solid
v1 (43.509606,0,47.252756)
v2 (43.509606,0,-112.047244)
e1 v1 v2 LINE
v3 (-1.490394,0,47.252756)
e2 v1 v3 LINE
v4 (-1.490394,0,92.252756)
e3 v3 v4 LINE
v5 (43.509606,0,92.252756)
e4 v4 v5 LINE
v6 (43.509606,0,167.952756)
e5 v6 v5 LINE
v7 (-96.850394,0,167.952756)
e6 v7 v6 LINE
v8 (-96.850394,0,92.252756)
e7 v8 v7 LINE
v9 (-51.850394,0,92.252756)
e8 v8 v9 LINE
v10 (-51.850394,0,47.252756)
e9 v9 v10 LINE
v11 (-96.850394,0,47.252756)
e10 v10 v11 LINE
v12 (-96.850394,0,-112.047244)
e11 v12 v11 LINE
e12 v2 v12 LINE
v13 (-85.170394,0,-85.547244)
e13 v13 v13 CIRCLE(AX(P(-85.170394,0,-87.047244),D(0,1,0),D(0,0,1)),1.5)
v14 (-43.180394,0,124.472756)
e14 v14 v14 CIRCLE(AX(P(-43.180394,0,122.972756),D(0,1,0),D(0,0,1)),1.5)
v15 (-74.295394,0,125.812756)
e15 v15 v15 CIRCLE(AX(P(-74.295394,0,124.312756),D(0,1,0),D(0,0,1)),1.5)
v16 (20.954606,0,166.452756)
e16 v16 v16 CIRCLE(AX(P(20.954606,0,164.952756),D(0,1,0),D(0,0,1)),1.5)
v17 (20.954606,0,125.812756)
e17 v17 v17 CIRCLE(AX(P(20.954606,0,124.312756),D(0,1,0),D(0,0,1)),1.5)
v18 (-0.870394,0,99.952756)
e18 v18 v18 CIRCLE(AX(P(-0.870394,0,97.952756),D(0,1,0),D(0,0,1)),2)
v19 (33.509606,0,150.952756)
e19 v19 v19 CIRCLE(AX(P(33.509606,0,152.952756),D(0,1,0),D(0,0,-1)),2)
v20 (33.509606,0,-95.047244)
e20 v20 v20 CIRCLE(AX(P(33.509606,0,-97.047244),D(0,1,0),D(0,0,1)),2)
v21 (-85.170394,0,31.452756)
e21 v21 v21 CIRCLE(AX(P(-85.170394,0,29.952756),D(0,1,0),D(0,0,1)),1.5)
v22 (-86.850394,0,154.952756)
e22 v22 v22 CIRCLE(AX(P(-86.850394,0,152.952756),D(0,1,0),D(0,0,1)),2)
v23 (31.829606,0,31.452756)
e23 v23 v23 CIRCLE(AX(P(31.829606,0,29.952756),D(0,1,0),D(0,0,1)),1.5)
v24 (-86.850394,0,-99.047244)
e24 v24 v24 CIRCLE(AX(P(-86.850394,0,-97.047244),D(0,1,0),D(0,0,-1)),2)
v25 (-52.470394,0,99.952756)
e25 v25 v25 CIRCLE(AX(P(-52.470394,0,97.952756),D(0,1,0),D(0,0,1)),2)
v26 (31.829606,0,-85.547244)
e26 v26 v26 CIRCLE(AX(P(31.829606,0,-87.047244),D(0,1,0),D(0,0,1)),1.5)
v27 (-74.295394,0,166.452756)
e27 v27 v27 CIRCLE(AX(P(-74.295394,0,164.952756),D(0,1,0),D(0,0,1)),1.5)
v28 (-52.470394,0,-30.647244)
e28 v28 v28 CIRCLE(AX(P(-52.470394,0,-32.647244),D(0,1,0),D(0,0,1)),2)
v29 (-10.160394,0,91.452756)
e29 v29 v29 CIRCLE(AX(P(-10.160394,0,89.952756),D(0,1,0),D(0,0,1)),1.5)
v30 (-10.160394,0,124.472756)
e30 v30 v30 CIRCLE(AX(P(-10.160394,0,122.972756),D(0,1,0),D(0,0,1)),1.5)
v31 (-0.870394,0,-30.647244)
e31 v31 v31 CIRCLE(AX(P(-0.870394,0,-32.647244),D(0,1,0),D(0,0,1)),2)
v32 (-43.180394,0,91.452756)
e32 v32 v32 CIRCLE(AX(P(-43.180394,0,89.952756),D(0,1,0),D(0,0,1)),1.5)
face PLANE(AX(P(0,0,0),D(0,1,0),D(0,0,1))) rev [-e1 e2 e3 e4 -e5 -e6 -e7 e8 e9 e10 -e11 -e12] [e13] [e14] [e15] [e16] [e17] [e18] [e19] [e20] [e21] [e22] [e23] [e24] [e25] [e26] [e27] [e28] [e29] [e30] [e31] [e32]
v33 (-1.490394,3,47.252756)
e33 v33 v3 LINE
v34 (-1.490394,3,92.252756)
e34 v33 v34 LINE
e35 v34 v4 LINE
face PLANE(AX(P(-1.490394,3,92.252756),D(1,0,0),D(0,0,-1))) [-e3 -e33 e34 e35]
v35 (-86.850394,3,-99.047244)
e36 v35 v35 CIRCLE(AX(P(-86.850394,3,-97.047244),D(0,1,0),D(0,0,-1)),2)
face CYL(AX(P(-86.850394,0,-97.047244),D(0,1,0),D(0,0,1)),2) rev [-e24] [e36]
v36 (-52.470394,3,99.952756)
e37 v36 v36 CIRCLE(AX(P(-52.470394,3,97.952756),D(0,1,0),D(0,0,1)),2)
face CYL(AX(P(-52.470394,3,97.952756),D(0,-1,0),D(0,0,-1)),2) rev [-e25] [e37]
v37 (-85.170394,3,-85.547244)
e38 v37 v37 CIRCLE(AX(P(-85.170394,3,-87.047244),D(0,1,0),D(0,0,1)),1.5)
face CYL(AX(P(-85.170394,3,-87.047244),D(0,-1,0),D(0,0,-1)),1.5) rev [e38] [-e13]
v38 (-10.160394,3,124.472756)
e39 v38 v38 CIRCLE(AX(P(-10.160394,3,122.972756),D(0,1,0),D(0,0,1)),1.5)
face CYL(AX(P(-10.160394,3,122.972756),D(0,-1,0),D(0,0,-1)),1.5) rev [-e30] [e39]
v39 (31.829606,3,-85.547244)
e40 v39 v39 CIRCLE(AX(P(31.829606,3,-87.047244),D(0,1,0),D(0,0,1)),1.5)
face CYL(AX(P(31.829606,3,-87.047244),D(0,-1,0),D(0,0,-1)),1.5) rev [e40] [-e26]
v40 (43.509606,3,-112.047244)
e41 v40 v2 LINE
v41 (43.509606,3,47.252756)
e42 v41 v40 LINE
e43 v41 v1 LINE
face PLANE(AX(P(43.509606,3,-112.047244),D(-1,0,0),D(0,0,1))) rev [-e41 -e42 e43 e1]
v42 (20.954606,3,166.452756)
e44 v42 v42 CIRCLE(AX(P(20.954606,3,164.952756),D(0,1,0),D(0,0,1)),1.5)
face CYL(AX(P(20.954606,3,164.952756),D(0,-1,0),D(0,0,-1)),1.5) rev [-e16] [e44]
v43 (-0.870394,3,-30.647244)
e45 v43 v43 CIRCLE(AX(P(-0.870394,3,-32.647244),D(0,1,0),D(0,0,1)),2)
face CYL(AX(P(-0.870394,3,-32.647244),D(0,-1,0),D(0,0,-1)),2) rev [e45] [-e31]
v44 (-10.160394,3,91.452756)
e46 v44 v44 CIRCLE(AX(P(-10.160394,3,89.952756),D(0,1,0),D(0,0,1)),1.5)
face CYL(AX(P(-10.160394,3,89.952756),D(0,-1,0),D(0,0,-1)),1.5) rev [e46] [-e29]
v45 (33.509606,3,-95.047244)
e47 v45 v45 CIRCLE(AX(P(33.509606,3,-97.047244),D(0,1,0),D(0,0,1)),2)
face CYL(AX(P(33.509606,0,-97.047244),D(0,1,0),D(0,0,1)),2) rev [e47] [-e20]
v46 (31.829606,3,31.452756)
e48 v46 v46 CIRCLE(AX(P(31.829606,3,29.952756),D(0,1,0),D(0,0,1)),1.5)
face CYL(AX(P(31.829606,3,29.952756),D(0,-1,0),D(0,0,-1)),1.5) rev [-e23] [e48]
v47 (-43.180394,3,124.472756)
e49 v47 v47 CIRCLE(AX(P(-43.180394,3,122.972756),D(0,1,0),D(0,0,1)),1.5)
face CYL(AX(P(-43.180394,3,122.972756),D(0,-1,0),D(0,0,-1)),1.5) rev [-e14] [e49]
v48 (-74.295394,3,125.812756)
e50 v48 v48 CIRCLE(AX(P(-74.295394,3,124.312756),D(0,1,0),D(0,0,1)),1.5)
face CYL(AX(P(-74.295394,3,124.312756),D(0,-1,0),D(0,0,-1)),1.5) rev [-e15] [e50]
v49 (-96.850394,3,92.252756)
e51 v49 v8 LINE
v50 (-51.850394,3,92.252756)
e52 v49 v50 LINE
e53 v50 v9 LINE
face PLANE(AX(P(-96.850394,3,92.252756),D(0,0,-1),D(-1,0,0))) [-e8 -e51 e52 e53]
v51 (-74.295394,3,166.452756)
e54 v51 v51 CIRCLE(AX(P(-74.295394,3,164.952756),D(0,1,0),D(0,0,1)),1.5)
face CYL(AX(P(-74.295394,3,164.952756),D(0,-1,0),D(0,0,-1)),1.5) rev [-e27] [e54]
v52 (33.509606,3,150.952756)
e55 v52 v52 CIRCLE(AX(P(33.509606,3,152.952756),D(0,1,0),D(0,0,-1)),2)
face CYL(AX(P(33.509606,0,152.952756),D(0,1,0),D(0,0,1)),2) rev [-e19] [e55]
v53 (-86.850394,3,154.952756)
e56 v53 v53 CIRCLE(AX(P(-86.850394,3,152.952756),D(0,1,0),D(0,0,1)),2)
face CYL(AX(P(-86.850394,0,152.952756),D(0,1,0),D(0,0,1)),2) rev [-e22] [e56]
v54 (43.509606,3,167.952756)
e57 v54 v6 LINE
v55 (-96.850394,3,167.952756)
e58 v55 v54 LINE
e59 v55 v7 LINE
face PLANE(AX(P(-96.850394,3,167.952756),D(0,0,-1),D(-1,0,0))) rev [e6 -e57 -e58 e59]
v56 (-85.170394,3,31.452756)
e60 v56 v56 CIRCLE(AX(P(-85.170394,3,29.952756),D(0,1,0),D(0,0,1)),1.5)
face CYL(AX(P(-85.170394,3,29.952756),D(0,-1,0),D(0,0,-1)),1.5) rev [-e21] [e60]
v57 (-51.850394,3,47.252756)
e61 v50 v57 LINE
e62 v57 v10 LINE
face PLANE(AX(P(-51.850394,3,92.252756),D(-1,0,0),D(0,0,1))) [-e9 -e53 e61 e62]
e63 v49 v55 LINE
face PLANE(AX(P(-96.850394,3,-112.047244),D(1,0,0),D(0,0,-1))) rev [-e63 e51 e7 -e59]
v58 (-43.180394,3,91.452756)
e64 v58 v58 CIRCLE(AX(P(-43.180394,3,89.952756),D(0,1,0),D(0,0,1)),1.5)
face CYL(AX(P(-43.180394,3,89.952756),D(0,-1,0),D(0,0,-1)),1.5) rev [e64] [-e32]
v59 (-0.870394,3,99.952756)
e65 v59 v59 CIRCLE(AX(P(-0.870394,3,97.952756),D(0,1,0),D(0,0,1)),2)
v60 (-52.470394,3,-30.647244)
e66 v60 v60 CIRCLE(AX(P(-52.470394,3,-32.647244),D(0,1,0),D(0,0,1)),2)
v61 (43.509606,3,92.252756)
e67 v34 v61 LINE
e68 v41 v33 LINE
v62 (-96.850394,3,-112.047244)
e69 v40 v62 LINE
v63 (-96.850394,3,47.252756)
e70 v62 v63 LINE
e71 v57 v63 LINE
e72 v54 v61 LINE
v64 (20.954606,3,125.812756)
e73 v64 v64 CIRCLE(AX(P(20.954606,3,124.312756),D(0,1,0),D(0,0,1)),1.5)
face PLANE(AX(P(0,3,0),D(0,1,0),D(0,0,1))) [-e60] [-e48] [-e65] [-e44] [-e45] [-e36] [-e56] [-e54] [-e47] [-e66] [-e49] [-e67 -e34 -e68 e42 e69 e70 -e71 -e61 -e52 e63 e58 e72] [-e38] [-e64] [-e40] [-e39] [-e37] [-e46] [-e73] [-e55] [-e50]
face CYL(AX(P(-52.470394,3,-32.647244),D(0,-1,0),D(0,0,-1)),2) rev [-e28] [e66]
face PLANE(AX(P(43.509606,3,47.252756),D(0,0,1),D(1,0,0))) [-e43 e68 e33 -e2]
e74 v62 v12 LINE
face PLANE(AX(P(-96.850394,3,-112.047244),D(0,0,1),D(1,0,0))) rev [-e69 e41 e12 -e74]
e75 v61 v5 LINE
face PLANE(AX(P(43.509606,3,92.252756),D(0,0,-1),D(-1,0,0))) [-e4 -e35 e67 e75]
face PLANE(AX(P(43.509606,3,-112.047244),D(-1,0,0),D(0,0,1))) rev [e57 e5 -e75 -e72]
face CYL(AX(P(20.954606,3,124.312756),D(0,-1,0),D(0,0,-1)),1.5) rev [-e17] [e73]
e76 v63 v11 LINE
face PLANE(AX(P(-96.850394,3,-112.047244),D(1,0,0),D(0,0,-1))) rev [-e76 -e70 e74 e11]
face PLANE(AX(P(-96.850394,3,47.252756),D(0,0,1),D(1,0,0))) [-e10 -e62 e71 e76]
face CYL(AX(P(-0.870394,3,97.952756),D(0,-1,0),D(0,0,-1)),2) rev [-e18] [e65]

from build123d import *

# Parameters (mm, degrees)
SCHIZZO1_W                   = 140.36
SCHIZZO1_H                   = 280
ESTRUSIONE_ESTRUSIONE1_DEPTH = 3
SCHIZZO2_R                   = 2
TAGLIO_ESTRUSIONE1_DEPTH     = 4
SCHIZZO3_W                   = 45
SCHIZZO3_H                   = 45
TAGLIO_ESTRUSIONE2_DEPTH     = 4
SCHIZZO4_R                   = 1.5
SCHIZZO4_R_2                 = 2
TAGLIO_ESTRUSIONE3_DEPTH     = 4


with BuildPart() as part:
    # Schizzo1 → Estrusione-Estrusione1 (new body)
    with BuildSketch(Plane(origin=(0, 0, 0), x_dir=(1, 0, 0), z_dir=(0, 1, 0))):
        with Locations((-26.670393701, -27.952755906)):
            Rectangle(SCHIZZO1_W, SCHIZZO1_H)
    extrude(amount=ESTRUSIONE_ESTRUSIONE1_DEPTH)

    # Schizzo2 → Taglio-Estrusione1 (cut, through all)
    with BuildSketch(Plane(origin=(0, 3, 0), x_dir=(1, 0, 0), z_dir=(0, 1, 0))):
        with Locations((-86.850393701, -152.952755906)):
            Circle(SCHIZZO2_R)
        with Locations((33.509606299, -152.952755906)):
            Circle(SCHIZZO2_R)
        with Locations((-86.850393701, 97.047244094)):
            Circle(SCHIZZO2_R)
        with Locations((33.509606299, 97.047244094)):
            Circle(SCHIZZO2_R)
    extrude(amount=-TAGLIO_ESTRUSIONE1_DEPTH, mode=Mode.SUBTRACT)

    # Schizzo3 → Taglio-Estrusione2 (cut, through all)
    with BuildSketch(Plane(origin=(0, 0, 0), x_dir=(1, 0, 0), z_dir=(0, 1, 0))):
        with Locations((-74.350393701, -69.752755906)):
            Rectangle(SCHIZZO3_W, SCHIZZO3_H)
        with Locations((21.009606299, -69.752755906)):
            Rectangle(SCHIZZO3_W, SCHIZZO3_H)
    extrude(amount=TAGLIO_ESTRUSIONE2_DEPTH, mode=Mode.SUBTRACT)

    # Schizzo4 → Taglio-Estrusione3 (cut, through all)
    with BuildSketch(Plane(origin=(0, 0, 0), x_dir=(1, 0, 0), z_dir=(0, 1, 0))):
        with Locations((-85.170393701, 87.047244094)):
            Circle(SCHIZZO4_R)
        with Locations((-85.170393701, -29.952755906)):
            Circle(SCHIZZO4_R)
        with Locations((31.829606299, -29.952755906)):
            Circle(SCHIZZO4_R)
        with Locations((31.829606299, 87.047244094)):
            Circle(SCHIZZO4_R)
        with Locations((-43.180393701, -89.952755906)):
            Circle(SCHIZZO4_R)
        with Locations((-10.160393701, -89.952755906)):
            Circle(SCHIZZO4_R)
        with Locations((-10.160393701, -122.972755906)):
            Circle(SCHIZZO4_R)
        with Locations((-43.180393701, -122.972755906)):
            Circle(SCHIZZO4_R)
        with Locations((-52.470393701, -97.952755906)):
            Circle(SCHIZZO4_R_2)
        with Locations((-0.870393701, -97.952755906)):
            Circle(SCHIZZO4_R_2)
        with Locations((-0.870393701, 32.647244094)):
            Circle(SCHIZZO4_R_2)
        with Locations((-52.470393701, 32.647244094)):
            Circle(SCHIZZO4_R_2)
        with Locations((-74.295393701, -124.312755906)):
            Circle(SCHIZZO4_R)
        with Locations((20.954606299, -124.312755906)):
            Circle(SCHIZZO4_R)
        with Locations((20.954606299, -164.952755906)):
            Circle(SCHIZZO4_R)
        with Locations((-74.295393701, -164.952755906)):
            Circle(SCHIZZO4_R)
    extrude(amount=TAGLIO_ESTRUSIONE3_DEPTH, mode=Mode.SUBTRACT)


solid = part.part
